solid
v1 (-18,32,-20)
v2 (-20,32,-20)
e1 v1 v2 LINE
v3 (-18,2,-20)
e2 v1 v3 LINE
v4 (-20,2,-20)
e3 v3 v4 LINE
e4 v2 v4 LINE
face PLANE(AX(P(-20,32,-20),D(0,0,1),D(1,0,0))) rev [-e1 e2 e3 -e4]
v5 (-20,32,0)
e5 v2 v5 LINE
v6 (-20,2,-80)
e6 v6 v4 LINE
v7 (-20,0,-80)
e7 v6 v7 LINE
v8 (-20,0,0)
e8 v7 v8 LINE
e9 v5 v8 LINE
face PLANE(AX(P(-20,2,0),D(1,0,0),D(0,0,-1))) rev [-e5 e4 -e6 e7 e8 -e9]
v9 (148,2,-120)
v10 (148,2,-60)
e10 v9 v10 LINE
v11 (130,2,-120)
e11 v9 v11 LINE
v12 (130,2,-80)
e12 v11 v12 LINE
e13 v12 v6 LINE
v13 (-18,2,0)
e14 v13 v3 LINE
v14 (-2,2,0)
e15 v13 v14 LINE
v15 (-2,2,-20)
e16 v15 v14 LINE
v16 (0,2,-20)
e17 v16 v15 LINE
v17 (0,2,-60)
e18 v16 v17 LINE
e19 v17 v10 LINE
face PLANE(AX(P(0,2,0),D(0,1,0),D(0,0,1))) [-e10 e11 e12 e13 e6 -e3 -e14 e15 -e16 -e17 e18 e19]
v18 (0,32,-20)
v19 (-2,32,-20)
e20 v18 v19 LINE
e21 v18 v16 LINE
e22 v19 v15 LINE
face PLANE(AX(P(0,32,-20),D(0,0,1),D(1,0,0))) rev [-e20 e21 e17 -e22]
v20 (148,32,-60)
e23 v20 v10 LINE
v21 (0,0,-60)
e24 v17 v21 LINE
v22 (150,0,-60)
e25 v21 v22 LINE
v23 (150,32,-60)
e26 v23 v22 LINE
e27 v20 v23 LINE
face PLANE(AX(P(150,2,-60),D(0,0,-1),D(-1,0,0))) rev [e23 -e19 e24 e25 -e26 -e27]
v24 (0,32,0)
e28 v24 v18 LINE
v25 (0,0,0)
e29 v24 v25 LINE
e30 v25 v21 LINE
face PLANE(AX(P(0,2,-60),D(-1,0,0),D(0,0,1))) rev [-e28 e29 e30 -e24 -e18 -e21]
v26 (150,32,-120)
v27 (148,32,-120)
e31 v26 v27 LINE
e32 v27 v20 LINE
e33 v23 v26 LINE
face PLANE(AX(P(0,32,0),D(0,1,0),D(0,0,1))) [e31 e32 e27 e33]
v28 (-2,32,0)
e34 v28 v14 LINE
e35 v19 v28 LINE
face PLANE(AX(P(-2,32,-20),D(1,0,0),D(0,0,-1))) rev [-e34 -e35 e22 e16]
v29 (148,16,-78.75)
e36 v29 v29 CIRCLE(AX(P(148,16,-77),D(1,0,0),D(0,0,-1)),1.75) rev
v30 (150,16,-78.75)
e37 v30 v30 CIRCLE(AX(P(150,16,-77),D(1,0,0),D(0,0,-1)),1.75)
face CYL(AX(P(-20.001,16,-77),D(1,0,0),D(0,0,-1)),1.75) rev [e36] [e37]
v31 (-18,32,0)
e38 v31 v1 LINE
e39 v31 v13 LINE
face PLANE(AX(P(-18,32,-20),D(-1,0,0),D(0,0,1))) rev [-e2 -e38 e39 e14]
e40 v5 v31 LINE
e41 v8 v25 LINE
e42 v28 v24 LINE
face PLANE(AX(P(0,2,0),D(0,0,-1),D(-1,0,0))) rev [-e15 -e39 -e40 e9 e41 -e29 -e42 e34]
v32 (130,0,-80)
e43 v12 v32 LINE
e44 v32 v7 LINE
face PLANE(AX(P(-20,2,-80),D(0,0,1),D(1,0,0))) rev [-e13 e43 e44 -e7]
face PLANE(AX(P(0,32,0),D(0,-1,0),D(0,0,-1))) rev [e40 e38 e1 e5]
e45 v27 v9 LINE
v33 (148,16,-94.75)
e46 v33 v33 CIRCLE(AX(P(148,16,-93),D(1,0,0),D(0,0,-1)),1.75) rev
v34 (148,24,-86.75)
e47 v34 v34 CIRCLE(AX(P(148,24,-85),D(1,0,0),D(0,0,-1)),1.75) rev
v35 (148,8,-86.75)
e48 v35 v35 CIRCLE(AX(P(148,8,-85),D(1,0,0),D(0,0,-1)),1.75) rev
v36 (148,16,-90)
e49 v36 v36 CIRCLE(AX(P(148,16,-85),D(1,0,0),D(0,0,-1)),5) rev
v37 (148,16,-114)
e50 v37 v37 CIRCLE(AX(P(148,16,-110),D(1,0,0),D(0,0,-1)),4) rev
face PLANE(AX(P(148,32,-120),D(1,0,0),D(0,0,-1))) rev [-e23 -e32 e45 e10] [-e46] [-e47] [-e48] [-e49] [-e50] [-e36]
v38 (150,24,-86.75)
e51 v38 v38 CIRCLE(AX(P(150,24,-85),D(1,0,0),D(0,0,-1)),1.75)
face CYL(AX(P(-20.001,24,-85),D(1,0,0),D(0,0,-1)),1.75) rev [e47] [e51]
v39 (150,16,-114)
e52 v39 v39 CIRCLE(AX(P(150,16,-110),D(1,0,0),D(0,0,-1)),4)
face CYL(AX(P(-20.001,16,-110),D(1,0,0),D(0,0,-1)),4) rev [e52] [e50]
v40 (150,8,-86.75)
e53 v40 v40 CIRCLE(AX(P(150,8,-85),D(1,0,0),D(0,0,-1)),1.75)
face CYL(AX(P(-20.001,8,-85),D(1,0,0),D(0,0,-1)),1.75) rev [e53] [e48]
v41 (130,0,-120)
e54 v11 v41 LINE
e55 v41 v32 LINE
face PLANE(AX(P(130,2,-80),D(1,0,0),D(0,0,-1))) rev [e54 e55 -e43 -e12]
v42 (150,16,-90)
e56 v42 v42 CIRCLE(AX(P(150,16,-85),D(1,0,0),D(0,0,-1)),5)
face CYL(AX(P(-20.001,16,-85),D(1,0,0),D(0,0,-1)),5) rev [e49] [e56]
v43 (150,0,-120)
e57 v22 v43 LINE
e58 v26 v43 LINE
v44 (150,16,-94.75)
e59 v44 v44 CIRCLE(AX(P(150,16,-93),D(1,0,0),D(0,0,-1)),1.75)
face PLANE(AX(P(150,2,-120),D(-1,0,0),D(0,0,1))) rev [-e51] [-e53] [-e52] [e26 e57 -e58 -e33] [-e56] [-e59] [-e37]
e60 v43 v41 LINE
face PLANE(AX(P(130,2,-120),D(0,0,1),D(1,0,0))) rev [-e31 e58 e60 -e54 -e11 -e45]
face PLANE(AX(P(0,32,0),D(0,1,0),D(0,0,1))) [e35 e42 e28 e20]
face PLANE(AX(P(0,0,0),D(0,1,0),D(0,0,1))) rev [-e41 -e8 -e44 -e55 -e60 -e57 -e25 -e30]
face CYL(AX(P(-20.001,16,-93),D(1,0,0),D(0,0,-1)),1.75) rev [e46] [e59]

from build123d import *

# Parameters (mm, degrees)
BOSS_EXTRUDE1_DEPTH = 2
SKETCH2_W           = 2
SKETCH2_H           = 20
SKETCH2_H_2         = 60
BOSS_EXTRUDE2_DEPTH = 30
CUT_EXTRUDE1_REACH  = 212.533
SKETCH3_R           = 5
SKETCH3_R_2         = 1.75
SKETCH3_R_3         = 4


with BuildPart() as part:
    # Sketch1 → Boss-Extrude1 (new body)
    with BuildSketch(Plane(origin=(0, 0, 0), x_dir=(1, 0, 0), z_dir=(0, 1, 0))):
        Polygon((150, 120), (150, 60), (0, 60), (0, 0), (-20, 0), (-20, 80), (130, 80), (130, 120), align=None)
    extrude(amount=BOSS_EXTRUDE1_DEPTH)

    # Sketch2 → Boss-Extrude2 (add)
    with BuildSketch(Plane(origin=(0, 2, 0), x_dir=(1, 0, 0), z_dir=(0, 1, 0))):
        with Locations((-19, 10)):
            Rectangle(SKETCH2_W, SKETCH2_H)
        with Locations((-1, 10)):
            Rectangle(SKETCH2_W, SKETCH2_H)
        with Locations((149, 90)):
            Rectangle(SKETCH2_W, SKETCH2_H_2)
    extrude(amount=BOSS_EXTRUDE2_DEPTH)

    # Sketch3 → Cut-Extrude1 (cut, up to next)
    with BuildSketch(Plane(origin=(150, 0, 0), x_dir=(0, 0, -1), z_dir=(1, 0, 0)), mode=Mode.PRIVATE) as cut_extrude1_sk1:
        with Locations((85, 16)):
            Circle(SKETCH3_R)
    cut_extrude1_tool1 = extrude(cut_extrude1_sk1.sketch, amount=-CUT_EXTRUDE1_REACH, mode=Mode.PRIVATE) & part.part
    # Sketch3 → Cut-Extrude1 (cut, up to next)
    with BuildSketch(Plane(origin=(150, 0, 0), x_dir=(0, 0, -1), z_dir=(1, 0, 0)), mode=Mode.PRIVATE) as cut_extrude1_sk2:
        with Locations((85, 24)):
            Circle(SKETCH3_R_2)
    cut_extrude1_tool2 = extrude(cut_extrude1_sk2.sketch, amount=-CUT_EXTRUDE1_REACH, mode=Mode.PRIVATE) & part.part
    # Sketch3 → Cut-Extrude1 (cut, up to next)
    with BuildSketch(Plane(origin=(150, 0, 0), x_dir=(0, 0, -1), z_dir=(1, 0, 0)), mode=Mode.PRIVATE) as cut_extrude1_sk3:
        with Locations((93, 16)):
            Circle(SKETCH3_R_2)
    cut_extrude1_tool3 = extrude(cut_extrude1_sk3.sketch, amount=-CUT_EXTRUDE1_REACH, mode=Mode.PRIVATE) & part.part
    # Sketch3 → Cut-Extrude1 (cut, up to next)
    with BuildSketch(Plane(origin=(150, 0, 0), x_dir=(0, 0, -1), z_dir=(1, 0, 0)), mode=Mode.PRIVATE) as cut_extrude1_sk4:
        with Locations((85, 8)):
            Circle(SKETCH3_R_2)
    cut_extrude1_tool4 = extrude(cut_extrude1_sk4.sketch, amount=-CUT_EXTRUDE1_REACH, mode=Mode.PRIVATE) & part.part
    # Sketch3 → Cut-Extrude1 (cut, up to next)
    with BuildSketch(Plane(origin=(150, 0, 0), x_dir=(0, 0, -1), z_dir=(1, 0, 0)), mode=Mode.PRIVATE) as cut_extrude1_sk5:
        with Locations((77, 16)):
            Circle(SKETCH3_R_2)
    cut_extrude1_tool5 = extrude(cut_extrude1_sk5.sketch, amount=-CUT_EXTRUDE1_REACH, mode=Mode.PRIVATE) & part.part
    # Sketch3 → Cut-Extrude1 (cut, up to next)
    with BuildSketch(Plane(origin=(150, 0, 0), x_dir=(0, 0, -1), z_dir=(1, 0, 0)), mode=Mode.PRIVATE) as cut_extrude1_sk6:
        with Locations((110, 16)):
            Circle(SKETCH3_R_3)
    cut_extrude1_tool6 = extrude(cut_extrude1_sk6.sketch, amount=-CUT_EXTRUDE1_REACH, mode=Mode.PRIVATE) & part.part
    add(cut_extrude1_tool1.solids().sort_by_distance((150, 16, -85))[0], mode=Mode.SUBTRACT)
    add(cut_extrude1_tool2.solids().sort_by_distance((150, 24, -85))[0], mode=Mode.SUBTRACT)
    add(cut_extrude1_tool3.solids().sort_by_distance((150, 16, -93))[0], mode=Mode.SUBTRACT)
    add(cut_extrude1_tool4.solids().sort_by_distance((150, 8, -85))[0], mode=Mode.SUBTRACT)
    add(cut_extrude1_tool5.solids().sort_by_distance((150, 16, -77))[0], mode=Mode.SUBTRACT)
    add(cut_extrude1_tool6.solids().sort_by_distance((150, 16, -110))[0], mode=Mode.SUBTRACT)


solid = part.part
